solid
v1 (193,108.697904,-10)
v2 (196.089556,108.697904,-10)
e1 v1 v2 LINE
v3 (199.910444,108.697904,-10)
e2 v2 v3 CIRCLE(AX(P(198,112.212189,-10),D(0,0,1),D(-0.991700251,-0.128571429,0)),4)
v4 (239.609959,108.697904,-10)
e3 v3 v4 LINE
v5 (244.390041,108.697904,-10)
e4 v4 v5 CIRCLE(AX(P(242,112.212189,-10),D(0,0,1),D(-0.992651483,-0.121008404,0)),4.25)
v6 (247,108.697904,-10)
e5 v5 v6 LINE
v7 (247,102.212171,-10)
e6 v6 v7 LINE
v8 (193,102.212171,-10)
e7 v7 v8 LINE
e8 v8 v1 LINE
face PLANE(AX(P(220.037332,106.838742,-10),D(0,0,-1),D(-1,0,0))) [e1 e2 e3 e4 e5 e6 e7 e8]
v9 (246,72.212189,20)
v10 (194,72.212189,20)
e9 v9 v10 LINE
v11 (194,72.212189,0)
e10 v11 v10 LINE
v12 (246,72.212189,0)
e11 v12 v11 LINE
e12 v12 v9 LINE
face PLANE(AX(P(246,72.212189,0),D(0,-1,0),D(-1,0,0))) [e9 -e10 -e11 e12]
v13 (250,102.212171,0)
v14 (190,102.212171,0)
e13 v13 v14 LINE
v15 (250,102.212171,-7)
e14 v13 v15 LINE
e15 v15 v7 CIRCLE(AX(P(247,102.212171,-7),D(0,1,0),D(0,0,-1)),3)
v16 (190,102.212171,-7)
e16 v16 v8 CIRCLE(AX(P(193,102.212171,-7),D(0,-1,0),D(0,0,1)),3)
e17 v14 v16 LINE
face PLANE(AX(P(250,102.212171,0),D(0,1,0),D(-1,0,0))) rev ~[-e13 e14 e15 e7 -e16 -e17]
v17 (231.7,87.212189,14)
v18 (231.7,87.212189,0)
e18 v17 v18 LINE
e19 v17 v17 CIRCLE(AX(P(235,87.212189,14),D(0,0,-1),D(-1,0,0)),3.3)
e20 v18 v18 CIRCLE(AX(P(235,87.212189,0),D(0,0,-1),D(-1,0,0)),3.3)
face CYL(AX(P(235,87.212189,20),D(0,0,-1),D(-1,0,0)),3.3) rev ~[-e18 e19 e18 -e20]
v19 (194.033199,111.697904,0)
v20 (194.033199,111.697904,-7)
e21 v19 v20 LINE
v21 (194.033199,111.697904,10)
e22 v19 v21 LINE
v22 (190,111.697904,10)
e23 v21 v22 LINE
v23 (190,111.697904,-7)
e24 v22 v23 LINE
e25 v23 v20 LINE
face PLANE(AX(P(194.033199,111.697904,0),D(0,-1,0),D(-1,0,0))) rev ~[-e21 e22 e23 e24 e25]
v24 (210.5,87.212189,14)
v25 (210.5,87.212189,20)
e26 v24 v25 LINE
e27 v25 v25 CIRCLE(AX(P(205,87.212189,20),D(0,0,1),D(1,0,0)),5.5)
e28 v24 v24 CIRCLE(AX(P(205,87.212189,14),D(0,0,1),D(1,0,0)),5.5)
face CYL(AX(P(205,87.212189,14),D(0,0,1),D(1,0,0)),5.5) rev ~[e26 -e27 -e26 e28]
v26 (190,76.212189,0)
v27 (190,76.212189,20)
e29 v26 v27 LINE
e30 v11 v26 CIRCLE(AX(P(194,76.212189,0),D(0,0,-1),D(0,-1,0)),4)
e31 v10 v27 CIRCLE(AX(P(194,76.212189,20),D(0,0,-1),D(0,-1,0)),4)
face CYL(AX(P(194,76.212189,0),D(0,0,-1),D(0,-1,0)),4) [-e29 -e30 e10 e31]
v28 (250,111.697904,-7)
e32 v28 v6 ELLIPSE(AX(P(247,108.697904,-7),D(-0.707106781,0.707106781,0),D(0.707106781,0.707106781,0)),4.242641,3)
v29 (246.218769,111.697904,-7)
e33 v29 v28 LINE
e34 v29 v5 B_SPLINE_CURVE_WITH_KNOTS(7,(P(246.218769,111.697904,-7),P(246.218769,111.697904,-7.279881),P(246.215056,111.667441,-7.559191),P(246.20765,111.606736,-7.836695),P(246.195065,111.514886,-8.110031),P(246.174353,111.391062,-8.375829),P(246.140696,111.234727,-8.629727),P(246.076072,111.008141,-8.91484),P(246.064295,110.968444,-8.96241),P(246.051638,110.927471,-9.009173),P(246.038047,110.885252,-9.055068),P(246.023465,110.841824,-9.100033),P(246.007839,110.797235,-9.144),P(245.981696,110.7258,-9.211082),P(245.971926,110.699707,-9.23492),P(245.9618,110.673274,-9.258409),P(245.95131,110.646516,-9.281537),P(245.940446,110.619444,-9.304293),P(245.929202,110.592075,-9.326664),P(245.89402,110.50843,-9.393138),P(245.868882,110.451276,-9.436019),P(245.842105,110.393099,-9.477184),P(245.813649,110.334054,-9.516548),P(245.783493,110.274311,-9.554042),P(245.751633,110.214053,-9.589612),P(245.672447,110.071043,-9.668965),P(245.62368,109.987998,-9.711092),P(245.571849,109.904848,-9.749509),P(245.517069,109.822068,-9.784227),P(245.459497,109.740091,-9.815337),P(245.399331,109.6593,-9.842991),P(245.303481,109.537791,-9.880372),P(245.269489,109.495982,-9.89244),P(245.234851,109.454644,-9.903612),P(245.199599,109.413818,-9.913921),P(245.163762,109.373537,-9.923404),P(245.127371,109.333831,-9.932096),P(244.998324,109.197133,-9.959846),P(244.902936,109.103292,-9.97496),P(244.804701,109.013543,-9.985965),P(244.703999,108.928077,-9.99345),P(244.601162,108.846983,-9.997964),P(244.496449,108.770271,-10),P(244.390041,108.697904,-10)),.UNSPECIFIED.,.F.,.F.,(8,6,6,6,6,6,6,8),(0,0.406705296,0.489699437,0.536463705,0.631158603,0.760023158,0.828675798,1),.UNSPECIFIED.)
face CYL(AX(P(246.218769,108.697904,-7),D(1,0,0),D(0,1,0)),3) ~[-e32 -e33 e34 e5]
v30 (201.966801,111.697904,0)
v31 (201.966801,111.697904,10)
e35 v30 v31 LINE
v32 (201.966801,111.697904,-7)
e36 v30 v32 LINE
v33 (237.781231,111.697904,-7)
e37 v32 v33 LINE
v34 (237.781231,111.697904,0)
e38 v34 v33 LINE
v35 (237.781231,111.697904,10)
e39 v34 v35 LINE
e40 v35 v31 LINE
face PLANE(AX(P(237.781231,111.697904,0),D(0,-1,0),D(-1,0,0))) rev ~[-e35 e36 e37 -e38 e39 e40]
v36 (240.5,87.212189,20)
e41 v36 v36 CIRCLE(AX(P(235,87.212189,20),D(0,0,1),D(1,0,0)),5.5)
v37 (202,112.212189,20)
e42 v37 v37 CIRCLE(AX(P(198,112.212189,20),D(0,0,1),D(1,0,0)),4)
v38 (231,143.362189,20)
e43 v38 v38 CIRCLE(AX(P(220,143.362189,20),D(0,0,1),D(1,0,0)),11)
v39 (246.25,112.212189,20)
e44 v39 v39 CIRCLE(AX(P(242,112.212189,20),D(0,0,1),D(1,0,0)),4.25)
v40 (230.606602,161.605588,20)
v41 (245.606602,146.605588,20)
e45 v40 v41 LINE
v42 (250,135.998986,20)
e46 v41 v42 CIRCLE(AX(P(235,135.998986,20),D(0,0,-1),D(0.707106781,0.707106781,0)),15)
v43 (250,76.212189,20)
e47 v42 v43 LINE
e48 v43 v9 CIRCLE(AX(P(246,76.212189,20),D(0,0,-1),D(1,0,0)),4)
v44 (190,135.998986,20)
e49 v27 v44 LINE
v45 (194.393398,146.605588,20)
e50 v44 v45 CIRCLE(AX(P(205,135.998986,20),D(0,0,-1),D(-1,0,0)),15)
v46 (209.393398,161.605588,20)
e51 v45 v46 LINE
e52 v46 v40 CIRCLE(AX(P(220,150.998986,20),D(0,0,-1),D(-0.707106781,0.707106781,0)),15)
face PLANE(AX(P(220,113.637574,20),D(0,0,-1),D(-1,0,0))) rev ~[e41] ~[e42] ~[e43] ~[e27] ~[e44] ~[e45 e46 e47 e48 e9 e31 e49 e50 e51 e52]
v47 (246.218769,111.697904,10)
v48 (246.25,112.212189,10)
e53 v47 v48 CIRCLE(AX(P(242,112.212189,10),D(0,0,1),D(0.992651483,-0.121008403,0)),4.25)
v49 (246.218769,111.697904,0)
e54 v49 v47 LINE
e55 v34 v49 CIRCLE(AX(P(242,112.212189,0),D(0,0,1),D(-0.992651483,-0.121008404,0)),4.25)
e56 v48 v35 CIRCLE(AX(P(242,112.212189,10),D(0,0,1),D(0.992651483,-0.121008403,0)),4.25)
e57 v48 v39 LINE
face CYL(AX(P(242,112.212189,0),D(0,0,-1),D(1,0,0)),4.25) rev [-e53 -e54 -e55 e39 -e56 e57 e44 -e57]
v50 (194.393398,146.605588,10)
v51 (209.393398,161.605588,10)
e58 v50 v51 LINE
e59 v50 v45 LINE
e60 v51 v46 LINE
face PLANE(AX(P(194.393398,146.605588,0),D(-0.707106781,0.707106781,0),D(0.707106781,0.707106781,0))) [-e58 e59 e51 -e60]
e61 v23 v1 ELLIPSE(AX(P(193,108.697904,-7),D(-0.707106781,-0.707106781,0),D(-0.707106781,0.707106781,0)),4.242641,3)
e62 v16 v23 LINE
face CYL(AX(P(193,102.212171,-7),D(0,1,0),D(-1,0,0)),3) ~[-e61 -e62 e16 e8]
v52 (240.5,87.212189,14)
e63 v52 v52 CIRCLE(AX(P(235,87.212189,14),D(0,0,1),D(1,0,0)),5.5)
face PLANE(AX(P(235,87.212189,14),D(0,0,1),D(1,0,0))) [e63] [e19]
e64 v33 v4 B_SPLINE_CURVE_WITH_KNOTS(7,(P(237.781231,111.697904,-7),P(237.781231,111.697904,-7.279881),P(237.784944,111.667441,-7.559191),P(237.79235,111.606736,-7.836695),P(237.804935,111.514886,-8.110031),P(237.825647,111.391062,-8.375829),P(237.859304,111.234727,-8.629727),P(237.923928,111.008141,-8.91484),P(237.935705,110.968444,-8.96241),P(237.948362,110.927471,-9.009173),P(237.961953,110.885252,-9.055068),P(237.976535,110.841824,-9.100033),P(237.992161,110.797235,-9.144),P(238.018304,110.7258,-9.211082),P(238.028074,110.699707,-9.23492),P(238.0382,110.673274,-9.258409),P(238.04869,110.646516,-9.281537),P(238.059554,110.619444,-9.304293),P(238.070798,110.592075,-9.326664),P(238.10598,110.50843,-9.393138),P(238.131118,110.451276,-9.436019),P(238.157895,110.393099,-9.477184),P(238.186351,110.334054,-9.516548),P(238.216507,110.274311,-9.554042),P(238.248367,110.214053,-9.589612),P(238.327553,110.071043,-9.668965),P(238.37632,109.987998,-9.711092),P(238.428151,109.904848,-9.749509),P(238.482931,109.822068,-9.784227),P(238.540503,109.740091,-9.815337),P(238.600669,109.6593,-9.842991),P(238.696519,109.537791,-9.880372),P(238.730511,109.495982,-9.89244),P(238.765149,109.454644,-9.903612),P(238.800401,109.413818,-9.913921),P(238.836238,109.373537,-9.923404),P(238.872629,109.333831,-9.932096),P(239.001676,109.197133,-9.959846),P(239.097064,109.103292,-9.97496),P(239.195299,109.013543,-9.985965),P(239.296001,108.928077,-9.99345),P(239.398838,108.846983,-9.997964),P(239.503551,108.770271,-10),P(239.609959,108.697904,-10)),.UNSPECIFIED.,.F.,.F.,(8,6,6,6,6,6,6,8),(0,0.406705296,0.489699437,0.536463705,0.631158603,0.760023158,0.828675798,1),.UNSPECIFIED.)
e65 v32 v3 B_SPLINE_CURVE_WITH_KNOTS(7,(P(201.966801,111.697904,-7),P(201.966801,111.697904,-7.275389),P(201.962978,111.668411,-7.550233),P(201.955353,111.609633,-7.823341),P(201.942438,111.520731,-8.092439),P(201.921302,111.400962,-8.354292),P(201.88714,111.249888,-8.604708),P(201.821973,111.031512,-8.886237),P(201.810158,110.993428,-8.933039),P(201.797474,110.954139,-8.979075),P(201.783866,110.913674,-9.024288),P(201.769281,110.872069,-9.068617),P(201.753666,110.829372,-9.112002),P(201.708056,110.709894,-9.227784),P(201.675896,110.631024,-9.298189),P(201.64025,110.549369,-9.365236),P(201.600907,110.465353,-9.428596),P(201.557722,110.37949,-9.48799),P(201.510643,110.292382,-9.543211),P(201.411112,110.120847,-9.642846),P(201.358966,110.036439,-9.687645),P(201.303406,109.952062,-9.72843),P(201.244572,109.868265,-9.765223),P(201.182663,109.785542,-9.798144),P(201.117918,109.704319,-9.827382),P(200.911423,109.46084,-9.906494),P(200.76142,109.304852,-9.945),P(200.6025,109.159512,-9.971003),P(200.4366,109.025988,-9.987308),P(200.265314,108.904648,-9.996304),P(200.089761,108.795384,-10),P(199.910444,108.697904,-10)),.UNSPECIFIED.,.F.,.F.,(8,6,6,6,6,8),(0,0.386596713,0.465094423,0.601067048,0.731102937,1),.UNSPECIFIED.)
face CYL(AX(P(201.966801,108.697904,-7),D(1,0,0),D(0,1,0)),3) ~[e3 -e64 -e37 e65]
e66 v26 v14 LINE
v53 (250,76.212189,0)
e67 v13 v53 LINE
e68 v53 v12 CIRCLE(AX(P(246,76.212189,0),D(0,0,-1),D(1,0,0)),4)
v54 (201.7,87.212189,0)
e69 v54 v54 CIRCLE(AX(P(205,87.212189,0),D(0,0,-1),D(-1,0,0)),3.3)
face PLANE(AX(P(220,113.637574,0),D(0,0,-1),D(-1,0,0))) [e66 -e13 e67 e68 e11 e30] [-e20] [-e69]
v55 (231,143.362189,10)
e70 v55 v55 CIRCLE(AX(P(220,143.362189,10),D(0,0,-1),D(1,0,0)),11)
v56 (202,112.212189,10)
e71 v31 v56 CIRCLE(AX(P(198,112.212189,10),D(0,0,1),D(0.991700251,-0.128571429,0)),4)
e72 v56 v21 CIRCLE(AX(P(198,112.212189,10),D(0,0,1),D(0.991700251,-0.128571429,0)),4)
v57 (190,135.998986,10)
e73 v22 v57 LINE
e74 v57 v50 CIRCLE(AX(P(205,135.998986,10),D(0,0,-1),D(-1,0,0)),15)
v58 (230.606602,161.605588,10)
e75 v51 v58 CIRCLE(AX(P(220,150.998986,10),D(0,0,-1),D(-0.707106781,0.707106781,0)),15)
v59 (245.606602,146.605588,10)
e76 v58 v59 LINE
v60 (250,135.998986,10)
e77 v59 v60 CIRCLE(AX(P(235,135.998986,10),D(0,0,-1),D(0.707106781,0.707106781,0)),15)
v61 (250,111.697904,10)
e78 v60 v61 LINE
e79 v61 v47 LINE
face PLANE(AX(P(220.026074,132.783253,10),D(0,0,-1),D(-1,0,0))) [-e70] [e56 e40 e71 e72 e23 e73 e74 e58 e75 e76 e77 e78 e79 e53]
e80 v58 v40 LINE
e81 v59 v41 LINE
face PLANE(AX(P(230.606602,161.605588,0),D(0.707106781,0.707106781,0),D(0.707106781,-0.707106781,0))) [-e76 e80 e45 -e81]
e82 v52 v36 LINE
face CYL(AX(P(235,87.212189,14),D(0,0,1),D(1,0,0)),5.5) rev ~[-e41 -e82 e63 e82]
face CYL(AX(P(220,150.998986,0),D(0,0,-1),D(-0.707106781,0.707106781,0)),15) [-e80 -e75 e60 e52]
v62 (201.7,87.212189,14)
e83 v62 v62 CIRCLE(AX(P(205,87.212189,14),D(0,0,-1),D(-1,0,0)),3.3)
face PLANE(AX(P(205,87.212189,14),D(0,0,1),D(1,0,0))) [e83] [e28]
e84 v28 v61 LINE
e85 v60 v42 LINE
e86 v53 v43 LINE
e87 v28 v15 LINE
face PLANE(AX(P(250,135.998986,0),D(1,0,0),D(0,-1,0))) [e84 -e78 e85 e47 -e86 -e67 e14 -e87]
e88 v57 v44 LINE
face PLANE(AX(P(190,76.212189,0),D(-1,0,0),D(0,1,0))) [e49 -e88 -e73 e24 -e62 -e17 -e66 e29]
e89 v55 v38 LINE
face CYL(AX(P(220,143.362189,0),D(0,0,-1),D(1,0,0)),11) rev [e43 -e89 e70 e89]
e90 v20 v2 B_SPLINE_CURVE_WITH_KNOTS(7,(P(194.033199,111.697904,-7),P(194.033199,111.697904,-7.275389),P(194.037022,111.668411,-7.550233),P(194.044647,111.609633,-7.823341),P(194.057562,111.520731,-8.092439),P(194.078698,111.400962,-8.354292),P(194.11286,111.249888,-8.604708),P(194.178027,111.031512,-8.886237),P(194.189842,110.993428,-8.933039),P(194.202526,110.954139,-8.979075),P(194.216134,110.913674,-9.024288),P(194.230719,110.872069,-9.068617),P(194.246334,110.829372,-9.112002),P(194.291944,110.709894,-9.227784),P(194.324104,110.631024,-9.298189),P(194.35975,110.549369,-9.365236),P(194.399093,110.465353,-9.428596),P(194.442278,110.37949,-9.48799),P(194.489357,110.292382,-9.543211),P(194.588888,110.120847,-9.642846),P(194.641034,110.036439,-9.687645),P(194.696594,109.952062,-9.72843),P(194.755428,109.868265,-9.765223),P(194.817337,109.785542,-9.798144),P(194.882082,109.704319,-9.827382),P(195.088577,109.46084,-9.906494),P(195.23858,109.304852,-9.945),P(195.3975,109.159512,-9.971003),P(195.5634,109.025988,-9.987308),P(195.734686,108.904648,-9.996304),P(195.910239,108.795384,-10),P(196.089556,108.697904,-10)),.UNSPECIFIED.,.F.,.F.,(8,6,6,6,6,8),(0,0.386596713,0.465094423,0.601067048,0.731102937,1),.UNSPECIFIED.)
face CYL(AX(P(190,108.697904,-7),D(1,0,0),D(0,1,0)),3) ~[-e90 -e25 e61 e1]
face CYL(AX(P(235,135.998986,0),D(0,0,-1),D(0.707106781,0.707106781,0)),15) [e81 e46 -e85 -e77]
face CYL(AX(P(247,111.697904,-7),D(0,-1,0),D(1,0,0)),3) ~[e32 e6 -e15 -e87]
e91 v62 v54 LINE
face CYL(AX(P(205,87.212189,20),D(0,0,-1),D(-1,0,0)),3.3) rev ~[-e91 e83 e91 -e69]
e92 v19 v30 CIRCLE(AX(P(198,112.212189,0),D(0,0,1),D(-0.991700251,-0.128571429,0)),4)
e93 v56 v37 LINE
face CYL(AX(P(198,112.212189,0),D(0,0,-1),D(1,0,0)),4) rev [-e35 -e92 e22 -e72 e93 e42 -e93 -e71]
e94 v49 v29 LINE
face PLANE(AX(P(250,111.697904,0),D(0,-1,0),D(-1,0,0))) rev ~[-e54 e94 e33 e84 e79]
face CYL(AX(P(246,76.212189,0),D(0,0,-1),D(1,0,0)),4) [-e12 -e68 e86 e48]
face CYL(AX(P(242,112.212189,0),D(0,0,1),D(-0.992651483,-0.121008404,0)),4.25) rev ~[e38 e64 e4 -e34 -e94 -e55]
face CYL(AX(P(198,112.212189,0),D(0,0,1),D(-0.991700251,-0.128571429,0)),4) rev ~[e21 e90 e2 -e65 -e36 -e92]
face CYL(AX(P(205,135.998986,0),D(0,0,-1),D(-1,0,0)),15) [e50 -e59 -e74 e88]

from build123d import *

# Parameters (mm, degrees)
ESBO_O2_R                         = 4
ESBO_O2_R_2                       = 4.25
ESBO_O2_R_3                       = 11
RESSALTO_EXTRUS_O1_DEPTH          = 20
RESSALTO_EXTRUS_O2_DEPTH          = 10
FILETE1_R                         = 3
CORTE_EXTRUS_O1_DEPTH             = 10
REBAIXO_PARA_SHCS_M61_D           = 6.6
REBAIXO_PARA_SHCS_M61_CBORE_D     = 11
REBAIXO_PARA_SHCS_M61_CBORE_DEPTH = 6


with BuildPart() as part:
    # Esboço2 → Ressalto-extrusão1 (new body)
    with BuildSketch(Plane.XY):
        with BuildLine():
            Line((250, 102.212171493), (250, 76.212189341))
            ThreePointArc((250, 76.212189341), (248.828427125, 73.383762216), (246, 72.212189341))
            Line((246, 72.212189341), (194, 72.212189341))
            ThreePointArc((194, 72.212189341), (191.171572875, 73.383762216), (190, 76.212189341))
            Line((190, 76.212189341), (190, 102.212171493))
            Line((190, 102.212171493), (190, 135.998985905))
            ThreePointArc((190, 135.998985905), (191.141807012, 141.73923739), (194.393398282, 146.605587623))
            Line((194.393398282, 146.605587623), (209.393398282, 161.605587623))
            ThreePointArc((209.393398282, 161.605587623), (220, 165.998985905), (230.606601718, 161.605587623))
            Line((230.606601718, 161.605587623), (245.606601718, 146.605587623))
            ThreePointArc((245.606601718, 146.605587623), (248.858192988, 141.73923739), (250, 135.998985905))
            Line((250, 135.998985905), (250, 102.212171493))
        make_face()
        with Locations((198, 112.212189341)):
            Circle(ESBO_O2_R, mode=Mode.SUBTRACT)
        with Locations((242, 112.212189341)):
            Circle(ESBO_O2_R_2, mode=Mode.SUBTRACT)
        with Locations((220, 143.362189341)):
            Circle(ESBO_O2_R_3, mode=Mode.SUBTRACT)
    extrude(amount=RESSALTO_EXTRUS_O1_DEPTH)

    # Esboço3 → Ressalto-extrusão2 (add)
    with BuildSketch(Plane(origin=(0, 0, 0), x_dir=(-1, 0, 0), z_dir=(0, 0, -1))):
        with BuildLine():
            Line((-250, 111.697903626), (-250, 102.212171493))
            Line((-250, 102.212171493), (-190, 102.212171493))
            Line((-190, 102.212171493), (-190, 111.697903626))
            Line((-190, 111.697903626), (-194.033198996, 111.697903626))
            ThreePointArc((-194.033198996, 111.697903626), (-198, 108.212189341), (-201.966801004, 111.697903626))
            Line((-201.966801004, 111.697903626), (-237.781231198, 111.697903626))
            ThreePointArc((-237.781231198, 111.697903626), (-242, 107.962189341), (-246.218768802, 111.697903626))
            Line((-246.218768802, 111.697903626), (-250, 111.697903626))
        make_face()
    extrude(amount=RESSALTO_EXTRUS_O2_DEPTH)

    # Filete1
    filete1_edges = [part.edges().sort_by_distance(p)[0] for p in [
        (219.874016101, 111.697903626, -10),
        (248.109384401, 111.697903626, -10),
        (250, 106.955037559, -10),
        (190, 106.955037559, -10),
        (192.016599498, 111.697903626, -10),
    ]]
    fillet(filete1_edges, radius=FILETE1_R)

    # Esboço4 → Corte-extrusão1 (cut)
    with BuildSketch(Plane(origin=(0, 0, 0), x_dir=(-1, 0, 0), z_dir=(0, 0, -1))):
        with BuildLine():
            Line((-194.033198996, 111.697903626), (-190, 111.697903626))
            Line((-190, 111.697903626), (-190, 135.998985905))
            ThreePointArc((-190, 135.998985905), (-191.141807012, 141.73923739), (-194.393398282, 146.605587623))
            Line((-194.393398282, 146.605587623), (-209.393398282, 161.605587623))
            ThreePointArc((-209.393398282, 161.605587623), (-220, 165.998985905), (-230.606601718, 161.605587623))
            Line((-230.606601718, 161.605587623), (-245.606601718, 146.605587623))
            ThreePointArc((-245.606601718, 146.605587623), (-248.858192988, 141.73923739), (-250, 135.998985905))
            Line((-250, 135.998985905), (-250, 111.697903626))
            Line((-250, 111.697903626), (-246.218768802, 111.697903626))
            ThreePointArc((-246.218768802, 111.697903626), (-242, 116.462189341), (-237.781231198, 111.697903626))
            Line((-237.781231198, 111.697903626), (-201.966801004, 111.697903626))
            ThreePointArc((-201.966801004, 111.697903626), (-198, 116.212189341), (-194.033198996, 111.697903626))
        make_face()
    extrude(amount=-CORTE_EXTRUS_O1_DEPTH, mode=Mode.SUBTRACT)

    # Rebaixo para SHCS M61 (through all)
    with Locations(Plane.XY.offset(20)):
        with Locations((235, 87.212189341), (205, 87.212189341)):
            CounterBoreHole(REBAIXO_PARA_SHCS_M61_D / 2, REBAIXO_PARA_SHCS_M61_CBORE_D / 2, REBAIXO_PARA_SHCS_M61_CBORE_DEPTH)


solid = part.part
